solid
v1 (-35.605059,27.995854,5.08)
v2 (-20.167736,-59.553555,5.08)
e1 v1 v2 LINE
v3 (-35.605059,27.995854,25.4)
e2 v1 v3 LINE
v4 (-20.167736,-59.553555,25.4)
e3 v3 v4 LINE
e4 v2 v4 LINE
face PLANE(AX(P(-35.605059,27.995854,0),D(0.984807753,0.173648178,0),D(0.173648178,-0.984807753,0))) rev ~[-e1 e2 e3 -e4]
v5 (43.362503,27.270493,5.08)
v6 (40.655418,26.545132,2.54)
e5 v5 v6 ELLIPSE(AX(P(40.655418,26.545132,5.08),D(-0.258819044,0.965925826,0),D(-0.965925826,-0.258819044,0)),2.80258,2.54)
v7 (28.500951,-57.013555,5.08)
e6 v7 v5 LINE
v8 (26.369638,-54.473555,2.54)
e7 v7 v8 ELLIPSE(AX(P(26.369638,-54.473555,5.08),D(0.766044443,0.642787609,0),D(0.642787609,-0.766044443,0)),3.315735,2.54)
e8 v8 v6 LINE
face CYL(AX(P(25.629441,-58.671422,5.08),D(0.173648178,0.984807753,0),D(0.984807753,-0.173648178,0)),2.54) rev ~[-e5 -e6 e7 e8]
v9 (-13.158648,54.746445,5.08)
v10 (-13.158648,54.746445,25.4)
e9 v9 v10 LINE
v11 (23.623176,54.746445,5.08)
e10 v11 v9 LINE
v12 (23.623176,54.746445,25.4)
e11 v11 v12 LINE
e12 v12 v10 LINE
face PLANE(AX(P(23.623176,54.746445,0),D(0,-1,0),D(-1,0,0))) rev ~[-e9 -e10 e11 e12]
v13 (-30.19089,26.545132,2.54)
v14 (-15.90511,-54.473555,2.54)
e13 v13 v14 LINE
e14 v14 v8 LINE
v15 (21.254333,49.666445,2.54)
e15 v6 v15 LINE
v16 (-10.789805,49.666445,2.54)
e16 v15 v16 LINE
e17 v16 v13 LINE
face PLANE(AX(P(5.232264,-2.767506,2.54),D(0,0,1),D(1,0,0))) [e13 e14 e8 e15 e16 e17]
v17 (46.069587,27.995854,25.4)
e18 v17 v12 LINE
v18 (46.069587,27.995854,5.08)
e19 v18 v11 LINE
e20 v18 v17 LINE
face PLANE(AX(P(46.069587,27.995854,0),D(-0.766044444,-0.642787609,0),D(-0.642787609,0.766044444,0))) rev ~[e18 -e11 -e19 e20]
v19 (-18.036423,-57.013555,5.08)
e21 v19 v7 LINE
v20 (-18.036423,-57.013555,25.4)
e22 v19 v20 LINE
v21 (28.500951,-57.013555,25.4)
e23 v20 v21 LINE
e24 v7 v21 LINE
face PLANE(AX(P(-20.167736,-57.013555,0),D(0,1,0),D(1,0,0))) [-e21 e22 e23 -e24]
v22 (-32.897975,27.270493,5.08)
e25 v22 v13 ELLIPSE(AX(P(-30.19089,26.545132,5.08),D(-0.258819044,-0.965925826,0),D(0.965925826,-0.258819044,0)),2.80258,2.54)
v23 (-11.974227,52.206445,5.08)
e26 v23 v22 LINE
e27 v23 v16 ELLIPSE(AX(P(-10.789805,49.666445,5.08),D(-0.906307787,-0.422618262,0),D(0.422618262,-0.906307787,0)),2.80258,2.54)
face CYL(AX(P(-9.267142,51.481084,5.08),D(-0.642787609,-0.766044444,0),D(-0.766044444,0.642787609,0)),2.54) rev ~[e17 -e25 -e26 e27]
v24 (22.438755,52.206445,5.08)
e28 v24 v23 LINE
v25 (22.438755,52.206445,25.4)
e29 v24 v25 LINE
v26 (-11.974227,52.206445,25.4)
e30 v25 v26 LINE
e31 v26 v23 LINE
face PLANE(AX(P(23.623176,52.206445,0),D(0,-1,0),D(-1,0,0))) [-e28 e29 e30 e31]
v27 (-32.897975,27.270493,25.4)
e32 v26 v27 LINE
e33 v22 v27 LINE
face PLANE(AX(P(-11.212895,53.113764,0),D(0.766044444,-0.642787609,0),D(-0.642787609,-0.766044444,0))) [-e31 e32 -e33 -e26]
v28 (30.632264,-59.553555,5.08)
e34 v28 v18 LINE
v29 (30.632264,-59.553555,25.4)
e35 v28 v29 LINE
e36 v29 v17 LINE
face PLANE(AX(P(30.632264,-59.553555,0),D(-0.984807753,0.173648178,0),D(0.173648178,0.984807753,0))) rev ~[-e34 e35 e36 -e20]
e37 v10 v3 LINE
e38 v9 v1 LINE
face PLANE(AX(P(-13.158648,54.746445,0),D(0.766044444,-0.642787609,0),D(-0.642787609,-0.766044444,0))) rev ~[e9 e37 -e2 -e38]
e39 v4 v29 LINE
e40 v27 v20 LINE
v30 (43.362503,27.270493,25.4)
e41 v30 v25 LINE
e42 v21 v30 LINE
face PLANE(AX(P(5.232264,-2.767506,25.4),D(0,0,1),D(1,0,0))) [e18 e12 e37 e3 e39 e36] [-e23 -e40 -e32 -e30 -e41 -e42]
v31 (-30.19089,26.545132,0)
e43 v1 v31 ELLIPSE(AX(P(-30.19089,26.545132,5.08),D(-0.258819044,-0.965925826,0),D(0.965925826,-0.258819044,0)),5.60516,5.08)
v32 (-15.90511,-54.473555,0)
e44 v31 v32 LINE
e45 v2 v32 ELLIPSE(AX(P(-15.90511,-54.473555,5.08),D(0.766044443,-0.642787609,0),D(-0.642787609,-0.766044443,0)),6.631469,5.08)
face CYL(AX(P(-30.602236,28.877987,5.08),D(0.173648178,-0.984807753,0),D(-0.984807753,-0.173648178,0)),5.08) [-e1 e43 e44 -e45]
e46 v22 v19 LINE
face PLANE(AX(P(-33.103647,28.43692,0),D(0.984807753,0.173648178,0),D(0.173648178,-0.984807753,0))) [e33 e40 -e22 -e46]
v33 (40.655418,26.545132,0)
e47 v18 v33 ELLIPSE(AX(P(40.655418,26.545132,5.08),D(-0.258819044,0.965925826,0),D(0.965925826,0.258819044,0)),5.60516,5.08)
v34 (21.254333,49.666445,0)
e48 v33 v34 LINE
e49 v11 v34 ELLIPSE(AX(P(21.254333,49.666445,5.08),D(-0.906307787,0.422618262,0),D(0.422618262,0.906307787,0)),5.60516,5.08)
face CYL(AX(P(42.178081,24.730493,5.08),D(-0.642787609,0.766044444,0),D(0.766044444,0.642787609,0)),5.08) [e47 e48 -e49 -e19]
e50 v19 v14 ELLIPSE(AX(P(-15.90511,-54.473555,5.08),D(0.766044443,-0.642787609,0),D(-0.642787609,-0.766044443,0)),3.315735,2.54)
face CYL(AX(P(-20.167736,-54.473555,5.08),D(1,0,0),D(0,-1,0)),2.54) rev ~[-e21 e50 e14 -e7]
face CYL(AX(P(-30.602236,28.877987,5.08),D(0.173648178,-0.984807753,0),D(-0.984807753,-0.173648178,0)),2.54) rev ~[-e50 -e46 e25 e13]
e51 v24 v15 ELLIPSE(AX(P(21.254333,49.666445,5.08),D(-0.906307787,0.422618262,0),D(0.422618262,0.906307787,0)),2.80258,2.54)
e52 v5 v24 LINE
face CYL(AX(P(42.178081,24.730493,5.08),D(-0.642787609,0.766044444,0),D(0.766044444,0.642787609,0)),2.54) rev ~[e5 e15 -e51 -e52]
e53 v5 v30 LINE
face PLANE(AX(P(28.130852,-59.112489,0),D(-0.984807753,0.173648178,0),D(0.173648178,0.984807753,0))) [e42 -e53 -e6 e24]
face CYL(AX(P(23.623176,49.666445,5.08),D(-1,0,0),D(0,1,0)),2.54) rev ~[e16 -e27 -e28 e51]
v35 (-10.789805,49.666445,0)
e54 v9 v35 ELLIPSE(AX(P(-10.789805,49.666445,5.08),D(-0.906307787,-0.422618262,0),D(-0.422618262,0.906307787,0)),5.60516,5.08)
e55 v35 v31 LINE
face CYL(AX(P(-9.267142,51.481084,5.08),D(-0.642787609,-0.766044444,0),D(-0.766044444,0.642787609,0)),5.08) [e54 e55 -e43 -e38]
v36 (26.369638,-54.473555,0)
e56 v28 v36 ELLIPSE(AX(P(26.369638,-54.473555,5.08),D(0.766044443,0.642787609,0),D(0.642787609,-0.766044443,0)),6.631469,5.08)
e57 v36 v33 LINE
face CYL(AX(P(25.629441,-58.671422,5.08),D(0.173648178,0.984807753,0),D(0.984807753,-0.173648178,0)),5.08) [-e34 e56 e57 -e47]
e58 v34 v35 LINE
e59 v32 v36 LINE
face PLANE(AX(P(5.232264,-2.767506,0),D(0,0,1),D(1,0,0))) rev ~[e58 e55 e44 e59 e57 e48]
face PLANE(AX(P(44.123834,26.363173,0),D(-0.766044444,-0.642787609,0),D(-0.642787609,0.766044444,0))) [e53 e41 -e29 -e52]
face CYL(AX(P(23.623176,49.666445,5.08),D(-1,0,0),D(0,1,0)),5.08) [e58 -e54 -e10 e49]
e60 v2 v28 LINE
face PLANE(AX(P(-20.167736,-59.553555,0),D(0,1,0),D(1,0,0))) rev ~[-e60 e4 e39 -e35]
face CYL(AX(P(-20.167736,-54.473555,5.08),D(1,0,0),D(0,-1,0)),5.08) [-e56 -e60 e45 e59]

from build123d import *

# Parameters (mm, degrees)
F1_DEPTH = 25.4
F2_R     = 5.08
F3_T     = -2.54


with BuildPart() as f1:
    # F0 (on Top) → F1 (new body)
    with BuildSketch(Plane.XY):
        Polygon((-13.158648, 54.746445), (-35.605059, 27.995854), (-20.167736, -59.553555), (30.632264, -59.553555), (46.069587, 27.995854), (23.623176, 54.746445), align=None)
    extrude(amount=F1_DEPTH)

    # F2
    f2_edges = [f1.edges().sort_by_distance(p)[0] for p in [
        (-27.886397, -15.77885, 0),
        (5.232264, -59.553555, 0),
        (38.350926, -15.77885, 0),
        (34.846382, 41.37115, 0),
        (5.232264, 54.746445, 0),
        (-24.381853, 41.37115, 0),
    ]]
    fillet(f2_edges, radius=F2_R)

    # F3
    f3_openings = [f1.faces().sort_by_distance(p)[0] for p in [
        (5.232264, -1.206794, 25.4),
    ]]
    offset(amount=F3_T, openings=f3_openings)


solid = f1.part
